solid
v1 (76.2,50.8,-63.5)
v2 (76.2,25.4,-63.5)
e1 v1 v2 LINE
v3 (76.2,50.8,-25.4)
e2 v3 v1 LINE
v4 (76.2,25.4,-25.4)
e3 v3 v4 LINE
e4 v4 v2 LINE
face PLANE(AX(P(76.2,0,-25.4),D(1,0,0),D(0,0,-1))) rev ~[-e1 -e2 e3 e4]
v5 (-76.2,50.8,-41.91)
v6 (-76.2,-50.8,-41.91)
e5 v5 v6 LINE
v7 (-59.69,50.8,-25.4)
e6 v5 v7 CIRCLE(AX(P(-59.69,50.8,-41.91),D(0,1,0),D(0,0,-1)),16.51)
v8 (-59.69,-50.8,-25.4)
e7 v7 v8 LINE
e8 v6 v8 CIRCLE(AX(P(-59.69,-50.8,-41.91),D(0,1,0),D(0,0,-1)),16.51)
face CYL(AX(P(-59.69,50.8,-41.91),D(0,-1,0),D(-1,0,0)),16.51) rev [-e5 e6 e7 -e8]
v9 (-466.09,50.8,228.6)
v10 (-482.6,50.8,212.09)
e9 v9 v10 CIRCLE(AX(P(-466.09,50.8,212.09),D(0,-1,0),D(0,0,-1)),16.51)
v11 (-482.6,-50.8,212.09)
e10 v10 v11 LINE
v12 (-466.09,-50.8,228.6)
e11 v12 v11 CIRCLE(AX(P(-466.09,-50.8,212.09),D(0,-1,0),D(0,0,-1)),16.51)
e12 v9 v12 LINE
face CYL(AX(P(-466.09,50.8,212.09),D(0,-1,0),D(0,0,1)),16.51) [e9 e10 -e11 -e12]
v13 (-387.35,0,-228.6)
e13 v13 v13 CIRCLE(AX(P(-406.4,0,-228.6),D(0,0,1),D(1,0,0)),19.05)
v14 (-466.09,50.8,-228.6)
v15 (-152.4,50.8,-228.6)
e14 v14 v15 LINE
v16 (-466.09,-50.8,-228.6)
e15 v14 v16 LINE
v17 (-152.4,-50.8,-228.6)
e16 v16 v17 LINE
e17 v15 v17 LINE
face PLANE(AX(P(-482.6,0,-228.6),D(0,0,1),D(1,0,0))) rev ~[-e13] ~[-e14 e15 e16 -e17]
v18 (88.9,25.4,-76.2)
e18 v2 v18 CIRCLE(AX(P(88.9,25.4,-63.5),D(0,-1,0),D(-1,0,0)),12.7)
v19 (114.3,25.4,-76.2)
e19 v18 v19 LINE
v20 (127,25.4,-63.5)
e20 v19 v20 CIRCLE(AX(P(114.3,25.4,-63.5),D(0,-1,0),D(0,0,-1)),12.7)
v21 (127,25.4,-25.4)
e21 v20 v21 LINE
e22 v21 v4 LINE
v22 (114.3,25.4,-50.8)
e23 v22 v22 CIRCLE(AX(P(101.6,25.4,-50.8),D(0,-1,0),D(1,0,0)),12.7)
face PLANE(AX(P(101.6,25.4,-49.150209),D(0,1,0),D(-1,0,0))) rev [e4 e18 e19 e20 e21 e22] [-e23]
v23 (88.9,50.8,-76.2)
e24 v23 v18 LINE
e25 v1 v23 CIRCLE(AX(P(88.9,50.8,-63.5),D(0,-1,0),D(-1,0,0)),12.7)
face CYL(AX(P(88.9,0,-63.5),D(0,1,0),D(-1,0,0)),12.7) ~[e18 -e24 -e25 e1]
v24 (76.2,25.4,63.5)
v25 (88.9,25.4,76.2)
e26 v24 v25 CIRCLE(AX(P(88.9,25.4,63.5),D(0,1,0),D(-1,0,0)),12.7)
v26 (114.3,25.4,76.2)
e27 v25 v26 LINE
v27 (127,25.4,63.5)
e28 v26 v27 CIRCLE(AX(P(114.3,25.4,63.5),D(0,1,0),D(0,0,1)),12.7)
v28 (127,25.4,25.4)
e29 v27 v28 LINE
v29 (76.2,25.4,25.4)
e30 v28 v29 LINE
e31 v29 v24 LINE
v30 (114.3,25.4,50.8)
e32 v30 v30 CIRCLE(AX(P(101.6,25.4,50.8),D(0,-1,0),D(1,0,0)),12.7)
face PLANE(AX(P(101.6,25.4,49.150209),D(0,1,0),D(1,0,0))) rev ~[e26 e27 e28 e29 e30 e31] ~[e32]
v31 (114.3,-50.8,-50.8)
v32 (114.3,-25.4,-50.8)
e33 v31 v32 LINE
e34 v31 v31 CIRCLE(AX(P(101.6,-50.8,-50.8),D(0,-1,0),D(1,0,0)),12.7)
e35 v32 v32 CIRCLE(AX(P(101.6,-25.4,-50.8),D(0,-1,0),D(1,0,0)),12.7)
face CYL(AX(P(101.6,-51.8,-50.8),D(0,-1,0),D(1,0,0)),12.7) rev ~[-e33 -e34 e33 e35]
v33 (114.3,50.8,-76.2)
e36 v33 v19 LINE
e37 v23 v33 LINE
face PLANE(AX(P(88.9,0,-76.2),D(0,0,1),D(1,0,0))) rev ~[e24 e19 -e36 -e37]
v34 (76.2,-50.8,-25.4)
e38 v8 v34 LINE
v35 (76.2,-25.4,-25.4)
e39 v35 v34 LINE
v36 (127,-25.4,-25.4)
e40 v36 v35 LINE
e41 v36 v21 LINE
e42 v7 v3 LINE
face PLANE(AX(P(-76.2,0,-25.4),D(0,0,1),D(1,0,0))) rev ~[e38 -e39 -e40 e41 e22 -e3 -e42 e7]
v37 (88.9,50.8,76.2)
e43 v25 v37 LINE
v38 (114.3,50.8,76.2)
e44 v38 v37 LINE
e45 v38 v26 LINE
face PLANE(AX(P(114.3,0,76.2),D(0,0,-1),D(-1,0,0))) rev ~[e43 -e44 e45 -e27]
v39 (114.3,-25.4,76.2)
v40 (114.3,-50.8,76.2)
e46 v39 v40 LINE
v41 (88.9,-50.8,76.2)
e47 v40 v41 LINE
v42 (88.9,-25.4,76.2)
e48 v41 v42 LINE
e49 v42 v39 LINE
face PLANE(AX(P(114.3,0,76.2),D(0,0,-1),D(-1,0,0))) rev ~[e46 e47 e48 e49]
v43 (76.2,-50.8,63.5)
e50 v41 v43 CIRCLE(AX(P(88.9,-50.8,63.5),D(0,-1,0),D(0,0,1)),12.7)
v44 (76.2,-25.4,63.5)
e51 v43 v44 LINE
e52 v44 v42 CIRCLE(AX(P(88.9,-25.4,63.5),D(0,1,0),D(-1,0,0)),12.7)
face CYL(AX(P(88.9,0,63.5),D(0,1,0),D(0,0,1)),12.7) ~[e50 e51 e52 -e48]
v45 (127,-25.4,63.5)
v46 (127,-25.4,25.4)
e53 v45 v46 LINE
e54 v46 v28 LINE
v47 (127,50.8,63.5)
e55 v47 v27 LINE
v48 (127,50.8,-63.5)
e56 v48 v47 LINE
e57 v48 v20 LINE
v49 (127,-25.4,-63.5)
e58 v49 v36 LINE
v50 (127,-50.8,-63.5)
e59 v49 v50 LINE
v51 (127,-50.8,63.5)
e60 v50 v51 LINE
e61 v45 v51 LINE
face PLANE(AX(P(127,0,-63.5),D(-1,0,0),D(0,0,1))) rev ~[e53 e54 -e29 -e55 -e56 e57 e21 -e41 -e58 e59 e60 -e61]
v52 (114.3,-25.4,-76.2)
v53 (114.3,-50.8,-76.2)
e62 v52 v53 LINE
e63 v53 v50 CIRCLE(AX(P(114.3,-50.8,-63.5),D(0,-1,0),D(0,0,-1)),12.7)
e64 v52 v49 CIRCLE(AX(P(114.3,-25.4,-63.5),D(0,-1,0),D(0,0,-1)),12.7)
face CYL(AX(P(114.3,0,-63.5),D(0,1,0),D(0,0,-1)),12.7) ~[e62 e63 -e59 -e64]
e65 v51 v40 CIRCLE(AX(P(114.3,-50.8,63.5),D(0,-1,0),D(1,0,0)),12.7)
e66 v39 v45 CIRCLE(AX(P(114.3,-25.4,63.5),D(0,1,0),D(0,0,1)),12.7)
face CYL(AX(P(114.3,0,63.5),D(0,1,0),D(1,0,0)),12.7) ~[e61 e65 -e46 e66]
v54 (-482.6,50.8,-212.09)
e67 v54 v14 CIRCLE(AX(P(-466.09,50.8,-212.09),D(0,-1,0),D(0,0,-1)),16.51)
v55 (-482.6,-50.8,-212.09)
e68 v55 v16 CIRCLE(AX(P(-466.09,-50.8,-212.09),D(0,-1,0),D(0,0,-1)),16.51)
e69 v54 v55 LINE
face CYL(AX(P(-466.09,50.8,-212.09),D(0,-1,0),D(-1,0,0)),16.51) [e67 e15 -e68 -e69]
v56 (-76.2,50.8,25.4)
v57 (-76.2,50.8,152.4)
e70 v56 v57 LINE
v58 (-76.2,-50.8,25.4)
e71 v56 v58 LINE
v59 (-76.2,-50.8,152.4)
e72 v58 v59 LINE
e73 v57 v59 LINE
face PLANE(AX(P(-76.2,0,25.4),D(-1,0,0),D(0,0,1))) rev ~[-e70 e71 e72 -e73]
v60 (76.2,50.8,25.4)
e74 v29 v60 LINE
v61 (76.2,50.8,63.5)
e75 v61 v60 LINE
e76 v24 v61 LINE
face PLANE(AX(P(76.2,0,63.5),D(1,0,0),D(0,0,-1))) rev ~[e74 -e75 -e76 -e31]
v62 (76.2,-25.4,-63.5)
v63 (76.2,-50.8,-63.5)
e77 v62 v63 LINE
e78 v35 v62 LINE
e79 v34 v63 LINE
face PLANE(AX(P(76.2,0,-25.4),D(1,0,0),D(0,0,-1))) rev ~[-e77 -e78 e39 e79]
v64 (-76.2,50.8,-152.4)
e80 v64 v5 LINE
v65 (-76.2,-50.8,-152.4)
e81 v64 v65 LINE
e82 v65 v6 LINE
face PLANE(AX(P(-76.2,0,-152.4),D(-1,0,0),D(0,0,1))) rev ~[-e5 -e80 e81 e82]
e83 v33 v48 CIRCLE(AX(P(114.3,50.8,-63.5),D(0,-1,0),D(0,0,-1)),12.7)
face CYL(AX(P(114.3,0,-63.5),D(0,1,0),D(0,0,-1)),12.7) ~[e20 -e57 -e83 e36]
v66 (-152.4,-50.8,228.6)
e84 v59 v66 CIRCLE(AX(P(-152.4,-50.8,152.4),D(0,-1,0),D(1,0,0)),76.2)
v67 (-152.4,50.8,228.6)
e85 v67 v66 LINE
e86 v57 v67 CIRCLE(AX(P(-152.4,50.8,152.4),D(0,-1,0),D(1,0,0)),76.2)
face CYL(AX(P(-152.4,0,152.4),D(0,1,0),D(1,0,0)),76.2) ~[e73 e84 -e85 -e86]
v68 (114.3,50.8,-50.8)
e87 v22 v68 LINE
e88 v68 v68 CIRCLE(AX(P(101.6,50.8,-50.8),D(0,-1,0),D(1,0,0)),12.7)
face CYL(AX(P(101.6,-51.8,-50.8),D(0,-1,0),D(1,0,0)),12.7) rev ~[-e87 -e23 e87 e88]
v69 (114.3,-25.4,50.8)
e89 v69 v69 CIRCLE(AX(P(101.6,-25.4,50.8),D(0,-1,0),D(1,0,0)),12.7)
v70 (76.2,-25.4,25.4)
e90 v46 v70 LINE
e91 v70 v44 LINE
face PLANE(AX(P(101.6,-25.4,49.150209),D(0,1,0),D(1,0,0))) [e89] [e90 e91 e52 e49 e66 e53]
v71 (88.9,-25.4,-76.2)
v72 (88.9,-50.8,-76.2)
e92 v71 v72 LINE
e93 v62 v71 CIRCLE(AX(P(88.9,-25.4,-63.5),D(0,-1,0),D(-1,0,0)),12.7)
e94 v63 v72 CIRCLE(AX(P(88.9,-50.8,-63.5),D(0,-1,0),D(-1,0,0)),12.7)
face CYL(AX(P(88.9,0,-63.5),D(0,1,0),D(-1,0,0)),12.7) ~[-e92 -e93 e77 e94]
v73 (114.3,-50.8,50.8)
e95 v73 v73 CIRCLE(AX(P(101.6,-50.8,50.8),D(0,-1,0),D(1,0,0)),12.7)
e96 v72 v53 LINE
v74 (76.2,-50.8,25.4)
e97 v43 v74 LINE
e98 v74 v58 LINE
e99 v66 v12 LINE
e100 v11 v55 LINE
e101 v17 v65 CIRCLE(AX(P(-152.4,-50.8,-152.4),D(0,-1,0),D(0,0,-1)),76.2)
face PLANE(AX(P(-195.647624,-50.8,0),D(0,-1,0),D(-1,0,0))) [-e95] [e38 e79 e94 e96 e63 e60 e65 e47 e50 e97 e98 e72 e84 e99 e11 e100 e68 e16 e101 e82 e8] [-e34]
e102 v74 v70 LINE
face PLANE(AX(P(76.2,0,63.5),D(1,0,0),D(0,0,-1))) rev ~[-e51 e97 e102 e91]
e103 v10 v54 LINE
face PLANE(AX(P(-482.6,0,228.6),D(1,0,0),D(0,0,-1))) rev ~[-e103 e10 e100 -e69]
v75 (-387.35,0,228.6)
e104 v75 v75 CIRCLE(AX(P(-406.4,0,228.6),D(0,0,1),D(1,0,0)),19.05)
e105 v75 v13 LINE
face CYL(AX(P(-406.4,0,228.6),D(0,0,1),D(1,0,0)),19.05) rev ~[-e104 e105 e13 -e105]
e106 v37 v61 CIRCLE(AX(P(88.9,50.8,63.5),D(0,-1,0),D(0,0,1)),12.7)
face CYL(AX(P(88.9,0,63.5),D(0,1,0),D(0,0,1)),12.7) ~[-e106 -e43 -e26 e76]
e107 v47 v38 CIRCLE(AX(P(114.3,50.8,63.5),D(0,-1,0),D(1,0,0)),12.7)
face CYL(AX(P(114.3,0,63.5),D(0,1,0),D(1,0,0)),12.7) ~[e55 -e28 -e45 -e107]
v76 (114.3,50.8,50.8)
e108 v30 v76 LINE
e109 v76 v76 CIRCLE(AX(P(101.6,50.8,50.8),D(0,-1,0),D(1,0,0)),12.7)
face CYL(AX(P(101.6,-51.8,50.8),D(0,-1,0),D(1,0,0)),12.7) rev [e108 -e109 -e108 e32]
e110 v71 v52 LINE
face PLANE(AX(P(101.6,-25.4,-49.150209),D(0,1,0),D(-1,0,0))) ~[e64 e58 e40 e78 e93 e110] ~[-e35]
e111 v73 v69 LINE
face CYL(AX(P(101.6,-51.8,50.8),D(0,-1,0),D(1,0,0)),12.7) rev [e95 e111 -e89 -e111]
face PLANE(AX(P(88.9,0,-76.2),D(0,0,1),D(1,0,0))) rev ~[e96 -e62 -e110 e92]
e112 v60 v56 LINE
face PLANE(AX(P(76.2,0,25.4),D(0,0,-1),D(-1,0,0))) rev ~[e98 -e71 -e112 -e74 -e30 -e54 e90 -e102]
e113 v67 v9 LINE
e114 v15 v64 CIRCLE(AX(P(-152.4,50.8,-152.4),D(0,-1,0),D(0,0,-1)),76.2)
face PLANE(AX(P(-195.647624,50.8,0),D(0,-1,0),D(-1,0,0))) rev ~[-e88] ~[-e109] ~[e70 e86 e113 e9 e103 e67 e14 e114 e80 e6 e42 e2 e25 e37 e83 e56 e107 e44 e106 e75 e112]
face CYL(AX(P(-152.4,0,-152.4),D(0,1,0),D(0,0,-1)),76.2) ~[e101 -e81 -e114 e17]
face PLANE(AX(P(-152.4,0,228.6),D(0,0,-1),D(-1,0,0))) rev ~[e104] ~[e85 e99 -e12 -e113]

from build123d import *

# Parameters (mm, degrees)
BOSS_EXTRUDE1_DEPTH     = 50.8
CUT_EXTRUDE1_DEPTH      = 25.4
CUT_EXTRUDE2_START      = -102.6
SKETCH3_R               = 12.7
CUT_EXTRUDE2_DEPTH      = 103.6
SKETCH4_R               = 19.05
CUT_EXTRUDE3_DEPTH      = 1
CUT_EXTRUDE3_DEPTH_BACK = 458.2
FILLET1_R               = 16.51


with BuildPart() as part:
    # Sketch1 → Boss-Extrude1 (new body, symmetric)
    with BuildSketch(Plane(origin=(0, 0, 0), x_dir=(1, 0, 0), z_dir=(0, 1, 0))):
        with BuildLine():
            Line((76.2, -25.4), (-76.2, -25.4))
            Line((-76.2, -25.4), (-76.2, -152.4))
            ThreePointArc((-76.2, -152.4), (-98.518463274, -206.281536726), (-152.4, -228.6))
            Line((-152.4, -228.6), (-482.6, -228.6))
            Line((-482.6, -228.6), (-482.6, 228.6))
            Line((-482.6, 228.6), (-152.4, 228.6))
            ThreePointArc((-152.4, 228.6), (-98.518463274, 206.281536726), (-76.2, 152.4))
            Line((-76.2, 152.4), (-76.2, 25.4))
            Line((-76.2, 25.4), (76.2, 25.4))
            Line((76.2, 25.4), (76.2, 63.5))
            ThreePointArc((76.2, 63.5), (79.919743879, 72.480256121), (88.9, 76.2))
            Line((88.9, 76.2), (114.3, 76.2))
            ThreePointArc((114.3, 76.2), (123.280256121, 72.480256121), (127, 63.5))
            Line((127, 63.5), (127, -63.5))
            ThreePointArc((127, -63.5), (123.280256121, -72.480256121), (114.3, -76.2))
            Line((114.3, -76.2), (88.9, -76.2))
            ThreePointArc((88.9, -76.2), (79.919743879, -72.480256121), (76.2, -63.5))
            Line((76.2, -63.5), (76.2, -25.4))
        make_face()
    extrude(amount=BOSS_EXTRUDE1_DEPTH, both=True)

    # Sketch2 → Cut-Extrude1 (cut, symmetric)
    with BuildSketch(Plane(origin=(0, 0, 0), x_dir=(1, 0, 0), z_dir=(0, 1, 0))):
        with BuildLine():
            Line((127, -63.5), (127, -25.4))
            Line((127, -25.4), (76.2, -25.4))
            Line((76.2, -25.4), (76.2, -63.5))
            ThreePointArc((76.2, -63.5), (79.919743879, -72.480256121), (88.9, -76.2))
            Line((88.9, -76.2), (114.3, -76.2))
            ThreePointArc((114.3, -76.2), (123.280256121, -72.480256121), (127, -63.5))
        make_face()
    cut_extrude1 = extrude(amount=CUT_EXTRUDE1_DEPTH, both=True, mode=Mode.SUBTRACT)

    # Sketch3 → Cut-Extrude2 (cut)
    with BuildSketch(Plane(origin=(0, 50.8, 0), x_dir=(1, 0, 0), z_dir=(0, 1, 0)).offset(CUT_EXTRUDE2_START)):
        with Locations((101.6, -50.8)):
            Circle(SKETCH3_R)
    cut_extrude2 = extrude(amount=CUT_EXTRUDE2_DEPTH, mode=Mode.SUBTRACT)

    # Mirror1: Cut-Extrude1, Cut-Extrude2 across plane
    add(cut_extrude1.mirror(Plane.XY), mode=Mode.SUBTRACT)
    add(cut_extrude2.mirror(Plane.XY), mode=Mode.SUBTRACT)

    # Sketch4 → Cut-Extrude3 (cut, two sides)
    with BuildSketch(Plane.XY.offset(228.6)) as cut_extrude3_sk:
        with Locations((-406.4, 0)):
            Circle(SKETCH4_R)
    extrude(amount=CUT_EXTRUDE3_DEPTH, mode=Mode.SUBTRACT)
    extrude(cut_extrude3_sk.sketch, amount=-CUT_EXTRUDE3_DEPTH_BACK, mode=Mode.SUBTRACT)

    # Fillet1
    fillet1_edges = [part.edges().sort_by_distance(p)[0] for p in [
        (-482.6, 0, -228.6),
        (-76.2, 0, -25.4),
        (-482.6, 0, 228.6),
    ]]
    fillet(fillet1_edges, radius=FILLET1_R)


solid = part.part
